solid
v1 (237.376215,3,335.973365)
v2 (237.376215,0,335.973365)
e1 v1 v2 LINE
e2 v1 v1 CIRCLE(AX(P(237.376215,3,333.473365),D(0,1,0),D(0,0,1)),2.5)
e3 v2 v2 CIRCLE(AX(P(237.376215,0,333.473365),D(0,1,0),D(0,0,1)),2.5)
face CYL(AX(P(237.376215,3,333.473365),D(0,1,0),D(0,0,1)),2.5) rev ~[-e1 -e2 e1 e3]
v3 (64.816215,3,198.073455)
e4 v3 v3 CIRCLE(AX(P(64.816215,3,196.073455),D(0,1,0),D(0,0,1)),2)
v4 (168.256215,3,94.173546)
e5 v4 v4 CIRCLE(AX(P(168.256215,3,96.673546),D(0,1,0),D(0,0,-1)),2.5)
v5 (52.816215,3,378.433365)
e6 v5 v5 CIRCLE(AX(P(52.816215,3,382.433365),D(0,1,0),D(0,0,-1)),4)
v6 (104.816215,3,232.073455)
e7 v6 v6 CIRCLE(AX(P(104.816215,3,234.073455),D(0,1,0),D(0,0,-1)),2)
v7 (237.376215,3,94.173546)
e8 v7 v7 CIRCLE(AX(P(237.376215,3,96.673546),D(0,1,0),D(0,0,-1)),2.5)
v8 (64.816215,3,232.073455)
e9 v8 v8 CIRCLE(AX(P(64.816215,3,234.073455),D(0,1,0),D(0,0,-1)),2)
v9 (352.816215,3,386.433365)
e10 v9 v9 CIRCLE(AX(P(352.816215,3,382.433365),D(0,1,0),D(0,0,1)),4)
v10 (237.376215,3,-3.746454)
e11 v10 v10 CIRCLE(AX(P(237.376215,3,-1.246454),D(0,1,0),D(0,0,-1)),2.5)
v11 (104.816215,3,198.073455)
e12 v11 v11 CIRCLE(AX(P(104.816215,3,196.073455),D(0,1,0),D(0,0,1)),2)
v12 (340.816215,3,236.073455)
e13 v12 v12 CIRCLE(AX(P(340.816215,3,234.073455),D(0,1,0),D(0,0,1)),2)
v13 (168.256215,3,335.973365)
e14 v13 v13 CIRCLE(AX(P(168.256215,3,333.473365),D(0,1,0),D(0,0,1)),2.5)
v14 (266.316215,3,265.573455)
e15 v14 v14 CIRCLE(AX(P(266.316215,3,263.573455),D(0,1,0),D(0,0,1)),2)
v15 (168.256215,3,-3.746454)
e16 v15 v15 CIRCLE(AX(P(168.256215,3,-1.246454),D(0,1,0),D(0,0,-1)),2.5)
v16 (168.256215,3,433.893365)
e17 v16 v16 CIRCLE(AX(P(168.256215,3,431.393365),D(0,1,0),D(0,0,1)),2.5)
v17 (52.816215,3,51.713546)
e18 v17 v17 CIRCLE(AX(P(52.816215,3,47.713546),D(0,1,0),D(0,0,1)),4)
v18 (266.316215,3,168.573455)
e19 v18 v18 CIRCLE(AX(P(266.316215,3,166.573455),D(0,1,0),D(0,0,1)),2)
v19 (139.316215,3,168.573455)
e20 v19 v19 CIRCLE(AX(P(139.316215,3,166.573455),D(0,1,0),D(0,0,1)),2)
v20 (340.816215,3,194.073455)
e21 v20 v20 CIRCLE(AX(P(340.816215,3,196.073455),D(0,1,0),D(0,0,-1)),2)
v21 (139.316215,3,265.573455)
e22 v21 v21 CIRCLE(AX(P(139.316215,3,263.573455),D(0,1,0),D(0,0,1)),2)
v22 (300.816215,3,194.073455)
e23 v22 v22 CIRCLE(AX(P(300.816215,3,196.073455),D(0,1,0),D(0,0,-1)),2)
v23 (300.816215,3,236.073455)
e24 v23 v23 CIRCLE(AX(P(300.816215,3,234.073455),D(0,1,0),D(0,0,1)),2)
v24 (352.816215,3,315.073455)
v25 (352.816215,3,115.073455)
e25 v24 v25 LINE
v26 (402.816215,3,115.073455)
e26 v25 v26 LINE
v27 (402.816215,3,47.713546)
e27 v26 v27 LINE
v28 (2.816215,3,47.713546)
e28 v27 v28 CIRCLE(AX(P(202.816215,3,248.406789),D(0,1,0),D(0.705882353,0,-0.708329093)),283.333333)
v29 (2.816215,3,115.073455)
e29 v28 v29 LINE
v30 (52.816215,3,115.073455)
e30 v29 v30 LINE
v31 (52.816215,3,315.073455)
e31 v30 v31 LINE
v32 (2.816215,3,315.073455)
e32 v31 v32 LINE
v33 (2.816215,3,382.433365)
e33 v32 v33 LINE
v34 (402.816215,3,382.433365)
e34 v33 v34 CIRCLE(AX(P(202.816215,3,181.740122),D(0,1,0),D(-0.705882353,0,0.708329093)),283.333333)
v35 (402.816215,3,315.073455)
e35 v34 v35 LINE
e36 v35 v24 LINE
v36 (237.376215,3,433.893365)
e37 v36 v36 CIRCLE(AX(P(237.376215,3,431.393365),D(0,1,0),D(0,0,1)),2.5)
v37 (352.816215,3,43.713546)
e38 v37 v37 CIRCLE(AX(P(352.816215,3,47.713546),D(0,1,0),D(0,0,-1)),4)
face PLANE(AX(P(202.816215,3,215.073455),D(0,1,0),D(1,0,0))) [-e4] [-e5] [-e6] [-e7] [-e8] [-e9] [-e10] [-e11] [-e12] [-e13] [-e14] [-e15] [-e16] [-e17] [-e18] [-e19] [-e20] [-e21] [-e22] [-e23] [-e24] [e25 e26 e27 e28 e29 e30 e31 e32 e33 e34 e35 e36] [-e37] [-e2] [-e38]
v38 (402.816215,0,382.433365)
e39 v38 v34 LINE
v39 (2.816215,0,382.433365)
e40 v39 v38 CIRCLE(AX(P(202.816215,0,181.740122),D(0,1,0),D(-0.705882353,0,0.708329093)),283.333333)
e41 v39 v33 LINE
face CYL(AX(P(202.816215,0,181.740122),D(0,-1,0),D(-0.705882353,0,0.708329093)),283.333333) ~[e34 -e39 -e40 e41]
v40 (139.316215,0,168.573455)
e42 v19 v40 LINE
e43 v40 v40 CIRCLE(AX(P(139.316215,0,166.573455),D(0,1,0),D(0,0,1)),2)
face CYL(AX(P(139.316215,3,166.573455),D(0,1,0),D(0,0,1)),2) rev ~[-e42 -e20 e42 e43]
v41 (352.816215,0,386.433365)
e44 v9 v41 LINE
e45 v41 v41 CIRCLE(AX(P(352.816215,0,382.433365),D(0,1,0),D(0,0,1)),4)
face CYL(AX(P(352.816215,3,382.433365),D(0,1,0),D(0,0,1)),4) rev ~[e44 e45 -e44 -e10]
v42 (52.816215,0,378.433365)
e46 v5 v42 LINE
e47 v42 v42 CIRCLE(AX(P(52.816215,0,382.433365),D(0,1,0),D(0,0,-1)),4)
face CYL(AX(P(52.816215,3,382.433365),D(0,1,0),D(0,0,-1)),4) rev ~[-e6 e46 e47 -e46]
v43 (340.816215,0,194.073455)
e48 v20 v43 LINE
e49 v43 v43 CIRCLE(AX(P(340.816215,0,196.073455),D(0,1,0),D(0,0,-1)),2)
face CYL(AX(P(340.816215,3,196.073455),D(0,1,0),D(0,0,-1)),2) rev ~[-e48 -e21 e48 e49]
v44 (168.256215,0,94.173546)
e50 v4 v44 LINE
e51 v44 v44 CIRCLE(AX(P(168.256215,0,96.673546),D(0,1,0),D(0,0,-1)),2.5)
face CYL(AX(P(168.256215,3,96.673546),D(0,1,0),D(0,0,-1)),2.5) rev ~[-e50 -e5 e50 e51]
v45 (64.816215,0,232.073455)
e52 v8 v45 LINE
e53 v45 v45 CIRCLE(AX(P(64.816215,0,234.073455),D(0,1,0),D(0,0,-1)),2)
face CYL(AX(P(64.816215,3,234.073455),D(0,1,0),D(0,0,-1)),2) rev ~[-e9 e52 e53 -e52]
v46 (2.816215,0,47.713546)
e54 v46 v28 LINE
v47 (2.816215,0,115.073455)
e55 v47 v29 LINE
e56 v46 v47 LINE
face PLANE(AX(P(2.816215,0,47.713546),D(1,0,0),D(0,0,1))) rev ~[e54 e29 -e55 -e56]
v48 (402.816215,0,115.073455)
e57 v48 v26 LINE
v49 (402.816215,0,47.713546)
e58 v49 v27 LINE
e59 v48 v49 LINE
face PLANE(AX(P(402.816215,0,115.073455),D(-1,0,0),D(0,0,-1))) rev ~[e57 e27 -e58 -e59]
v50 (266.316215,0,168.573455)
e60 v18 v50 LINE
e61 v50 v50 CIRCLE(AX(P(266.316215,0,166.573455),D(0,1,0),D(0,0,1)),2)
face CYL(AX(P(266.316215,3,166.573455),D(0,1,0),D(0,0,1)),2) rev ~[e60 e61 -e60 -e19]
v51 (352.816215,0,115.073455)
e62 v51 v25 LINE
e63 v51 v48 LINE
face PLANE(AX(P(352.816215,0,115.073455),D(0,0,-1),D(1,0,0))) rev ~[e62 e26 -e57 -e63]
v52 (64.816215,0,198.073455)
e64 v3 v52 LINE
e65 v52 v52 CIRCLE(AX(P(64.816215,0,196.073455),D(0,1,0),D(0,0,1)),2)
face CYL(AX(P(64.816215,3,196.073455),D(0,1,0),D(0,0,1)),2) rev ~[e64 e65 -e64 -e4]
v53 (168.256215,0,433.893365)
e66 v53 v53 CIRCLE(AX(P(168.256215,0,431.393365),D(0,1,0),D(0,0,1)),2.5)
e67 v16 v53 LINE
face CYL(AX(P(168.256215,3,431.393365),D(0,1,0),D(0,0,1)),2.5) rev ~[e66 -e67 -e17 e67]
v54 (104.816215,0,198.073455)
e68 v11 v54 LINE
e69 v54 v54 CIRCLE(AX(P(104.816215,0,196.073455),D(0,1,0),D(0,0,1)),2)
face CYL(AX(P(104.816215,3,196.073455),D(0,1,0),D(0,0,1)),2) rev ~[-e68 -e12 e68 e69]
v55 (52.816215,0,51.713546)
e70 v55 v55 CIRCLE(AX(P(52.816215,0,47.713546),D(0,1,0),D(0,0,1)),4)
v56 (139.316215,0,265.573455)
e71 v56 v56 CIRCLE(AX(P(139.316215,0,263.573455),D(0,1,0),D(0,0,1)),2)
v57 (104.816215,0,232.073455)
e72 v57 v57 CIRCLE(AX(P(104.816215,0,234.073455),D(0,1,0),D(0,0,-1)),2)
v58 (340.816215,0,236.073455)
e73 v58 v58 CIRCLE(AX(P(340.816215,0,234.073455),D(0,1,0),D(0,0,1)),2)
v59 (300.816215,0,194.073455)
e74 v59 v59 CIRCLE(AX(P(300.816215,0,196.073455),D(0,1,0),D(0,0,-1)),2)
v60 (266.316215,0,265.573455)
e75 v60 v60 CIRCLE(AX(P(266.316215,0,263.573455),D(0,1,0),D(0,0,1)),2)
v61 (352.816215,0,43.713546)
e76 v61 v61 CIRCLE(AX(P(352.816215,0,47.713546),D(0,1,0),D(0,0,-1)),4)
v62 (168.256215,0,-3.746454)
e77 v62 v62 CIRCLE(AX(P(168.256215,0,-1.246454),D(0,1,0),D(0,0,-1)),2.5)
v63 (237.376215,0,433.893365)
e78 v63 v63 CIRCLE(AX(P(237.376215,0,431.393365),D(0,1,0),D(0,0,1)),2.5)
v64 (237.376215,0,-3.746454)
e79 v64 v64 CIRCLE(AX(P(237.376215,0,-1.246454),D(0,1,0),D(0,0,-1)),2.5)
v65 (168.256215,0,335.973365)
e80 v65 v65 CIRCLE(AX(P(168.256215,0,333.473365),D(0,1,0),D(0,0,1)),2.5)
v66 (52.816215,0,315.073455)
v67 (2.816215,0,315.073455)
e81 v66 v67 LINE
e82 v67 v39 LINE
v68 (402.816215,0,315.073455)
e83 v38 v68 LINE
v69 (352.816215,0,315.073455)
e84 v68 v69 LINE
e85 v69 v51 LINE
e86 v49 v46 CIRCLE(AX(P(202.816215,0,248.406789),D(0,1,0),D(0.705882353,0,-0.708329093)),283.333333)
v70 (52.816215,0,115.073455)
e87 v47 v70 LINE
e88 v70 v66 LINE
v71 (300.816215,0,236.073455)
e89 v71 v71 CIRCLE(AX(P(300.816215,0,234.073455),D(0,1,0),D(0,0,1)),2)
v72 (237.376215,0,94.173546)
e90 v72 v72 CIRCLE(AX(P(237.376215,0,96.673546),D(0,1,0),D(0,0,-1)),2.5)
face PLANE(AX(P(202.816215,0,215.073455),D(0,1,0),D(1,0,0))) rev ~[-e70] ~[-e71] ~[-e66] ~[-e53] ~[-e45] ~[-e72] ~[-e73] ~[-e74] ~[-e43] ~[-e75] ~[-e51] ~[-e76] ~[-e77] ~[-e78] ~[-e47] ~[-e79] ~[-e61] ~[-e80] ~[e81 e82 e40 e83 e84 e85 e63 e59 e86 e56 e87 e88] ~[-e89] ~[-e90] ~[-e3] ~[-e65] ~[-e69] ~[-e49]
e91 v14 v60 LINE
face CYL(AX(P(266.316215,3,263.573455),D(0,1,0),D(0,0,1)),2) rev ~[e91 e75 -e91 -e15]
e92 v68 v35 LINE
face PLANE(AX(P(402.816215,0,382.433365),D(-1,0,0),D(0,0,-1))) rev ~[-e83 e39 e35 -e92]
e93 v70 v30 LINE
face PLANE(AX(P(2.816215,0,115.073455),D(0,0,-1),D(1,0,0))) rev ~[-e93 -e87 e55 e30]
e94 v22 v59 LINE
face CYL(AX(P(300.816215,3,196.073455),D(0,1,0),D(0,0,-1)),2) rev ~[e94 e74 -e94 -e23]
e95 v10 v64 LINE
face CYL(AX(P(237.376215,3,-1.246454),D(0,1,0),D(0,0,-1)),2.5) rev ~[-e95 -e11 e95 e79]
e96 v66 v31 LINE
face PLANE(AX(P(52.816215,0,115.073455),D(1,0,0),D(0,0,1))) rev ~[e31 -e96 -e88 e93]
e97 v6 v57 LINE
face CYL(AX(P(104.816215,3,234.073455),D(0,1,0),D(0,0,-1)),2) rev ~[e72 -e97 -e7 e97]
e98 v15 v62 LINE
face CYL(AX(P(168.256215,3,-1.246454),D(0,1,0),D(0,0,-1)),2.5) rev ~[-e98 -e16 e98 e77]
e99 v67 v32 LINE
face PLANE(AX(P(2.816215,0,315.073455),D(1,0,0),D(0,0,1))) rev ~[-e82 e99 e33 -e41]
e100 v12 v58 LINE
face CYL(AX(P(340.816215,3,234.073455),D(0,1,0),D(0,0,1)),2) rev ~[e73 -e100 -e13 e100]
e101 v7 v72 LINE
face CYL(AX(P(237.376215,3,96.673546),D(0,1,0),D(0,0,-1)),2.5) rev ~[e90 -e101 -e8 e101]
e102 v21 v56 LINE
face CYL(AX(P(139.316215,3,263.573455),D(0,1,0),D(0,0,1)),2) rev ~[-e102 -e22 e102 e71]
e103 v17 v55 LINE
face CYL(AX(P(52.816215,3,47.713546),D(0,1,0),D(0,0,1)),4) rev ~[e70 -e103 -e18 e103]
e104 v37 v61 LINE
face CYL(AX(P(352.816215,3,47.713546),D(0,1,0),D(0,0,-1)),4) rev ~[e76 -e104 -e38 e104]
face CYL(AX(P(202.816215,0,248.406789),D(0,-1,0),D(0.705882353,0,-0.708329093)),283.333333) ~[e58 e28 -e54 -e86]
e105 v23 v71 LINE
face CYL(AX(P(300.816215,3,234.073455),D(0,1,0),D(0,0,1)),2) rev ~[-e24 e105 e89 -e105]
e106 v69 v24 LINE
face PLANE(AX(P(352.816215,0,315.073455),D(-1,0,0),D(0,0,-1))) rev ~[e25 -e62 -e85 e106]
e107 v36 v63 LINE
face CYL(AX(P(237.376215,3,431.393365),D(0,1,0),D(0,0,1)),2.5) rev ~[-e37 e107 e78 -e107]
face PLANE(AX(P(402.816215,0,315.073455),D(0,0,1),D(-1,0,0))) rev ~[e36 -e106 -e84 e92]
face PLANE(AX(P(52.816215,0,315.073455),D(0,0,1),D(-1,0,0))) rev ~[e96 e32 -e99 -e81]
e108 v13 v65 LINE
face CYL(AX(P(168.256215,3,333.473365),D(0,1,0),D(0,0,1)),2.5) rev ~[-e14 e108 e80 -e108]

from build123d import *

# Parameters (mm, degrees)
BOSS_EXTRUDE1_DEPTH = 3
SKETCH3_R           = 2
CUT_EXTRUDE5_DEPTH  = 10
SKETCH4_R           = 4
CUT_EXTRUDE6_DEPTH  = 10
SKETCH6_R           = 2
CUT_EXTRUDE7_DEPTH  = 10
SKETCH8_R           = 2.5
CUT_EXTRUDE8_DEPTH  = 55


with BuildPart() as part:
    # Sketch2 → Boss-Extrude1 (new body)
    with BuildSketch(Plane(origin=(0, 0, 0), x_dir=(1, 0, 0), z_dir=(0, 1, 0))):
        with BuildLine():
            Line((2.81621534, -115.073455489), (52.81621534, -115.073455489))
            Line((52.81621534, -115.073455489), (52.81621534, -315.073455489))
            Line((52.81621534, -315.073455489), (2.81621534, -315.073455489))
            Line((2.81621534, -315.073455489), (2.81621534, -382.433365135))
            ThreePointArc((2.81621534, -382.433365135), (202.81621534, -465.073455489), (402.81621534, -382.433365135))
            Line((402.81621534, -382.433365135), (402.81621534, -315.073455489))
            Line((402.81621534, -315.073455489), (352.81621534, -315.073455489))
            Line((352.81621534, -315.073455489), (352.81621534, -115.073455489))
            Line((352.81621534, -115.073455489), (402.81621534, -115.073455489))
            Line((402.81621534, -115.073455489), (402.81621534, -47.713545842))
            ThreePointArc((402.81621534, -47.713545842), (202.81621534, 34.926544511), (2.81621534, -47.713545842))
            Line((2.81621534, -47.713545842), (2.81621534, -115.073455489))
        make_face()
    extrude(amount=BOSS_EXTRUDE1_DEPTH)

    # Sketch3 → Cut-Extrude5 (cut)
    with BuildSketch(Plane(origin=(0, 3, 0), x_dir=(1, 0, 0), z_dir=(0, 1, 0))):
        with Locations(Location((64.81621534, -196.073455489, 0), (0, 0, 270))):
            Circle(SKETCH3_R)
        with Locations(Location((104.81621534, -196.073455489, 0), (0, 0, 270))):
            Circle(SKETCH3_R)
        with Locations(Location((104.81621534, -234.073455489, 0), (0, 0, 90))):
            Circle(SKETCH3_R)
        with Locations(Location((64.81621534, -234.073455489, 0), (0, 0, 90))):
            Circle(SKETCH3_R)
        with Locations(Location((340.81621534, -234.073455489, 0), (0, 0, 270))):
            Circle(SKETCH3_R)
        with Locations(Location((300.81621534, -234.073455489, 0), (0, 0, 270))):
            Circle(SKETCH3_R)
        with Locations(Location((300.81621534, -196.073455489, 0), (0, 0, 90))):
            Circle(SKETCH3_R)
        with Locations(Location((340.81621534, -196.073455489, 0), (0, 0, 90))):
            Circle(SKETCH3_R)
    extrude(amount=-CUT_EXTRUDE5_DEPTH, mode=Mode.SUBTRACT)

    # Sketch4 → Cut-Extrude6 (cut)
    with BuildSketch(Plane(origin=(0, 3, 0), x_dir=(1, 0, 0), z_dir=(0, 1, 0))):
        with Locations(Location((52.81621534, -47.713545842, 0), (0, 0, 270))):
            Circle(SKETCH4_R)
        with Locations(Location((352.81621534, -47.713545842, 0), (0, 0, 90))):
            Circle(SKETCH4_R)
        with Locations(Location((352.81621534, -382.433365135, 0), (0, 0, 270))):
            Circle(SKETCH4_R)
        with Locations(Location((52.81621534, -382.433365135, 0), (0, 0, 90))):
            Circle(SKETCH4_R)
    extrude(amount=-CUT_EXTRUDE6_DEPTH, mode=Mode.SUBTRACT)

    # Sketch6 → Cut-Extrude7 (cut)
    with BuildSketch(Plane(origin=(0, 3, 0), x_dir=(1, 0, 0), z_dir=(0, 1, 0))):
        with Locations(Location((139.31621534, -263.573455489, 0), (0, 0, 270))):
            Circle(SKETCH6_R)
        with Locations(Location((139.31621534, -166.573455489, 0), (0, 0, 270))):
            Circle(SKETCH6_R)
        with Locations(Location((266.31621534, -166.573455489, 0), (0, 0, 270))):
            Circle(SKETCH6_R)
        with Locations(Location((266.31621534, -263.573455489, 0), (0, 0, 270))):
            Circle(SKETCH6_R)
    extrude(amount=-CUT_EXTRUDE7_DEPTH, mode=Mode.SUBTRACT)

    # Sketch8 → Cut-Extrude8 (cut)
    with BuildSketch(Plane(origin=(0, 3, 0), x_dir=(1, 0, 0), z_dir=(0, 1, 0))):
        with Locations(Location((168.25621534, -333.473365135, 0), (0, 0, 270))):
            Circle(SKETCH8_R)
        with Locations(Location((237.37621534, -333.473365135, 0), (0, 0, 270))):
            Circle(SKETCH8_R)
        with Locations(Location((237.37621534, -431.393365135, 0), (0, 0, 270))):
            Circle(SKETCH8_R)
        with Locations(Location((168.25621534, -431.393365135, 0), (0, 0, 270))):
            Circle(SKETCH8_R)
        with Locations(Location((168.25621534, 1.246454158, 0), (0, 0, 90))):
            Circle(SKETCH8_R)
        with Locations(Location((237.37621534, 1.246454158, 0), (0, 0, 90))):
            Circle(SKETCH8_R)
        with Locations(Location((237.37621534, -96.673545842, 0), (0, 0, 90))):
            Circle(SKETCH8_R)
        with Locations(Location((168.25621534, -96.673545842, 0), (0, 0, 90))):
            Circle(SKETCH8_R)
    extrude(amount=-CUT_EXTRUDE8_DEPTH, mode=Mode.SUBTRACT)


solid = part.part
